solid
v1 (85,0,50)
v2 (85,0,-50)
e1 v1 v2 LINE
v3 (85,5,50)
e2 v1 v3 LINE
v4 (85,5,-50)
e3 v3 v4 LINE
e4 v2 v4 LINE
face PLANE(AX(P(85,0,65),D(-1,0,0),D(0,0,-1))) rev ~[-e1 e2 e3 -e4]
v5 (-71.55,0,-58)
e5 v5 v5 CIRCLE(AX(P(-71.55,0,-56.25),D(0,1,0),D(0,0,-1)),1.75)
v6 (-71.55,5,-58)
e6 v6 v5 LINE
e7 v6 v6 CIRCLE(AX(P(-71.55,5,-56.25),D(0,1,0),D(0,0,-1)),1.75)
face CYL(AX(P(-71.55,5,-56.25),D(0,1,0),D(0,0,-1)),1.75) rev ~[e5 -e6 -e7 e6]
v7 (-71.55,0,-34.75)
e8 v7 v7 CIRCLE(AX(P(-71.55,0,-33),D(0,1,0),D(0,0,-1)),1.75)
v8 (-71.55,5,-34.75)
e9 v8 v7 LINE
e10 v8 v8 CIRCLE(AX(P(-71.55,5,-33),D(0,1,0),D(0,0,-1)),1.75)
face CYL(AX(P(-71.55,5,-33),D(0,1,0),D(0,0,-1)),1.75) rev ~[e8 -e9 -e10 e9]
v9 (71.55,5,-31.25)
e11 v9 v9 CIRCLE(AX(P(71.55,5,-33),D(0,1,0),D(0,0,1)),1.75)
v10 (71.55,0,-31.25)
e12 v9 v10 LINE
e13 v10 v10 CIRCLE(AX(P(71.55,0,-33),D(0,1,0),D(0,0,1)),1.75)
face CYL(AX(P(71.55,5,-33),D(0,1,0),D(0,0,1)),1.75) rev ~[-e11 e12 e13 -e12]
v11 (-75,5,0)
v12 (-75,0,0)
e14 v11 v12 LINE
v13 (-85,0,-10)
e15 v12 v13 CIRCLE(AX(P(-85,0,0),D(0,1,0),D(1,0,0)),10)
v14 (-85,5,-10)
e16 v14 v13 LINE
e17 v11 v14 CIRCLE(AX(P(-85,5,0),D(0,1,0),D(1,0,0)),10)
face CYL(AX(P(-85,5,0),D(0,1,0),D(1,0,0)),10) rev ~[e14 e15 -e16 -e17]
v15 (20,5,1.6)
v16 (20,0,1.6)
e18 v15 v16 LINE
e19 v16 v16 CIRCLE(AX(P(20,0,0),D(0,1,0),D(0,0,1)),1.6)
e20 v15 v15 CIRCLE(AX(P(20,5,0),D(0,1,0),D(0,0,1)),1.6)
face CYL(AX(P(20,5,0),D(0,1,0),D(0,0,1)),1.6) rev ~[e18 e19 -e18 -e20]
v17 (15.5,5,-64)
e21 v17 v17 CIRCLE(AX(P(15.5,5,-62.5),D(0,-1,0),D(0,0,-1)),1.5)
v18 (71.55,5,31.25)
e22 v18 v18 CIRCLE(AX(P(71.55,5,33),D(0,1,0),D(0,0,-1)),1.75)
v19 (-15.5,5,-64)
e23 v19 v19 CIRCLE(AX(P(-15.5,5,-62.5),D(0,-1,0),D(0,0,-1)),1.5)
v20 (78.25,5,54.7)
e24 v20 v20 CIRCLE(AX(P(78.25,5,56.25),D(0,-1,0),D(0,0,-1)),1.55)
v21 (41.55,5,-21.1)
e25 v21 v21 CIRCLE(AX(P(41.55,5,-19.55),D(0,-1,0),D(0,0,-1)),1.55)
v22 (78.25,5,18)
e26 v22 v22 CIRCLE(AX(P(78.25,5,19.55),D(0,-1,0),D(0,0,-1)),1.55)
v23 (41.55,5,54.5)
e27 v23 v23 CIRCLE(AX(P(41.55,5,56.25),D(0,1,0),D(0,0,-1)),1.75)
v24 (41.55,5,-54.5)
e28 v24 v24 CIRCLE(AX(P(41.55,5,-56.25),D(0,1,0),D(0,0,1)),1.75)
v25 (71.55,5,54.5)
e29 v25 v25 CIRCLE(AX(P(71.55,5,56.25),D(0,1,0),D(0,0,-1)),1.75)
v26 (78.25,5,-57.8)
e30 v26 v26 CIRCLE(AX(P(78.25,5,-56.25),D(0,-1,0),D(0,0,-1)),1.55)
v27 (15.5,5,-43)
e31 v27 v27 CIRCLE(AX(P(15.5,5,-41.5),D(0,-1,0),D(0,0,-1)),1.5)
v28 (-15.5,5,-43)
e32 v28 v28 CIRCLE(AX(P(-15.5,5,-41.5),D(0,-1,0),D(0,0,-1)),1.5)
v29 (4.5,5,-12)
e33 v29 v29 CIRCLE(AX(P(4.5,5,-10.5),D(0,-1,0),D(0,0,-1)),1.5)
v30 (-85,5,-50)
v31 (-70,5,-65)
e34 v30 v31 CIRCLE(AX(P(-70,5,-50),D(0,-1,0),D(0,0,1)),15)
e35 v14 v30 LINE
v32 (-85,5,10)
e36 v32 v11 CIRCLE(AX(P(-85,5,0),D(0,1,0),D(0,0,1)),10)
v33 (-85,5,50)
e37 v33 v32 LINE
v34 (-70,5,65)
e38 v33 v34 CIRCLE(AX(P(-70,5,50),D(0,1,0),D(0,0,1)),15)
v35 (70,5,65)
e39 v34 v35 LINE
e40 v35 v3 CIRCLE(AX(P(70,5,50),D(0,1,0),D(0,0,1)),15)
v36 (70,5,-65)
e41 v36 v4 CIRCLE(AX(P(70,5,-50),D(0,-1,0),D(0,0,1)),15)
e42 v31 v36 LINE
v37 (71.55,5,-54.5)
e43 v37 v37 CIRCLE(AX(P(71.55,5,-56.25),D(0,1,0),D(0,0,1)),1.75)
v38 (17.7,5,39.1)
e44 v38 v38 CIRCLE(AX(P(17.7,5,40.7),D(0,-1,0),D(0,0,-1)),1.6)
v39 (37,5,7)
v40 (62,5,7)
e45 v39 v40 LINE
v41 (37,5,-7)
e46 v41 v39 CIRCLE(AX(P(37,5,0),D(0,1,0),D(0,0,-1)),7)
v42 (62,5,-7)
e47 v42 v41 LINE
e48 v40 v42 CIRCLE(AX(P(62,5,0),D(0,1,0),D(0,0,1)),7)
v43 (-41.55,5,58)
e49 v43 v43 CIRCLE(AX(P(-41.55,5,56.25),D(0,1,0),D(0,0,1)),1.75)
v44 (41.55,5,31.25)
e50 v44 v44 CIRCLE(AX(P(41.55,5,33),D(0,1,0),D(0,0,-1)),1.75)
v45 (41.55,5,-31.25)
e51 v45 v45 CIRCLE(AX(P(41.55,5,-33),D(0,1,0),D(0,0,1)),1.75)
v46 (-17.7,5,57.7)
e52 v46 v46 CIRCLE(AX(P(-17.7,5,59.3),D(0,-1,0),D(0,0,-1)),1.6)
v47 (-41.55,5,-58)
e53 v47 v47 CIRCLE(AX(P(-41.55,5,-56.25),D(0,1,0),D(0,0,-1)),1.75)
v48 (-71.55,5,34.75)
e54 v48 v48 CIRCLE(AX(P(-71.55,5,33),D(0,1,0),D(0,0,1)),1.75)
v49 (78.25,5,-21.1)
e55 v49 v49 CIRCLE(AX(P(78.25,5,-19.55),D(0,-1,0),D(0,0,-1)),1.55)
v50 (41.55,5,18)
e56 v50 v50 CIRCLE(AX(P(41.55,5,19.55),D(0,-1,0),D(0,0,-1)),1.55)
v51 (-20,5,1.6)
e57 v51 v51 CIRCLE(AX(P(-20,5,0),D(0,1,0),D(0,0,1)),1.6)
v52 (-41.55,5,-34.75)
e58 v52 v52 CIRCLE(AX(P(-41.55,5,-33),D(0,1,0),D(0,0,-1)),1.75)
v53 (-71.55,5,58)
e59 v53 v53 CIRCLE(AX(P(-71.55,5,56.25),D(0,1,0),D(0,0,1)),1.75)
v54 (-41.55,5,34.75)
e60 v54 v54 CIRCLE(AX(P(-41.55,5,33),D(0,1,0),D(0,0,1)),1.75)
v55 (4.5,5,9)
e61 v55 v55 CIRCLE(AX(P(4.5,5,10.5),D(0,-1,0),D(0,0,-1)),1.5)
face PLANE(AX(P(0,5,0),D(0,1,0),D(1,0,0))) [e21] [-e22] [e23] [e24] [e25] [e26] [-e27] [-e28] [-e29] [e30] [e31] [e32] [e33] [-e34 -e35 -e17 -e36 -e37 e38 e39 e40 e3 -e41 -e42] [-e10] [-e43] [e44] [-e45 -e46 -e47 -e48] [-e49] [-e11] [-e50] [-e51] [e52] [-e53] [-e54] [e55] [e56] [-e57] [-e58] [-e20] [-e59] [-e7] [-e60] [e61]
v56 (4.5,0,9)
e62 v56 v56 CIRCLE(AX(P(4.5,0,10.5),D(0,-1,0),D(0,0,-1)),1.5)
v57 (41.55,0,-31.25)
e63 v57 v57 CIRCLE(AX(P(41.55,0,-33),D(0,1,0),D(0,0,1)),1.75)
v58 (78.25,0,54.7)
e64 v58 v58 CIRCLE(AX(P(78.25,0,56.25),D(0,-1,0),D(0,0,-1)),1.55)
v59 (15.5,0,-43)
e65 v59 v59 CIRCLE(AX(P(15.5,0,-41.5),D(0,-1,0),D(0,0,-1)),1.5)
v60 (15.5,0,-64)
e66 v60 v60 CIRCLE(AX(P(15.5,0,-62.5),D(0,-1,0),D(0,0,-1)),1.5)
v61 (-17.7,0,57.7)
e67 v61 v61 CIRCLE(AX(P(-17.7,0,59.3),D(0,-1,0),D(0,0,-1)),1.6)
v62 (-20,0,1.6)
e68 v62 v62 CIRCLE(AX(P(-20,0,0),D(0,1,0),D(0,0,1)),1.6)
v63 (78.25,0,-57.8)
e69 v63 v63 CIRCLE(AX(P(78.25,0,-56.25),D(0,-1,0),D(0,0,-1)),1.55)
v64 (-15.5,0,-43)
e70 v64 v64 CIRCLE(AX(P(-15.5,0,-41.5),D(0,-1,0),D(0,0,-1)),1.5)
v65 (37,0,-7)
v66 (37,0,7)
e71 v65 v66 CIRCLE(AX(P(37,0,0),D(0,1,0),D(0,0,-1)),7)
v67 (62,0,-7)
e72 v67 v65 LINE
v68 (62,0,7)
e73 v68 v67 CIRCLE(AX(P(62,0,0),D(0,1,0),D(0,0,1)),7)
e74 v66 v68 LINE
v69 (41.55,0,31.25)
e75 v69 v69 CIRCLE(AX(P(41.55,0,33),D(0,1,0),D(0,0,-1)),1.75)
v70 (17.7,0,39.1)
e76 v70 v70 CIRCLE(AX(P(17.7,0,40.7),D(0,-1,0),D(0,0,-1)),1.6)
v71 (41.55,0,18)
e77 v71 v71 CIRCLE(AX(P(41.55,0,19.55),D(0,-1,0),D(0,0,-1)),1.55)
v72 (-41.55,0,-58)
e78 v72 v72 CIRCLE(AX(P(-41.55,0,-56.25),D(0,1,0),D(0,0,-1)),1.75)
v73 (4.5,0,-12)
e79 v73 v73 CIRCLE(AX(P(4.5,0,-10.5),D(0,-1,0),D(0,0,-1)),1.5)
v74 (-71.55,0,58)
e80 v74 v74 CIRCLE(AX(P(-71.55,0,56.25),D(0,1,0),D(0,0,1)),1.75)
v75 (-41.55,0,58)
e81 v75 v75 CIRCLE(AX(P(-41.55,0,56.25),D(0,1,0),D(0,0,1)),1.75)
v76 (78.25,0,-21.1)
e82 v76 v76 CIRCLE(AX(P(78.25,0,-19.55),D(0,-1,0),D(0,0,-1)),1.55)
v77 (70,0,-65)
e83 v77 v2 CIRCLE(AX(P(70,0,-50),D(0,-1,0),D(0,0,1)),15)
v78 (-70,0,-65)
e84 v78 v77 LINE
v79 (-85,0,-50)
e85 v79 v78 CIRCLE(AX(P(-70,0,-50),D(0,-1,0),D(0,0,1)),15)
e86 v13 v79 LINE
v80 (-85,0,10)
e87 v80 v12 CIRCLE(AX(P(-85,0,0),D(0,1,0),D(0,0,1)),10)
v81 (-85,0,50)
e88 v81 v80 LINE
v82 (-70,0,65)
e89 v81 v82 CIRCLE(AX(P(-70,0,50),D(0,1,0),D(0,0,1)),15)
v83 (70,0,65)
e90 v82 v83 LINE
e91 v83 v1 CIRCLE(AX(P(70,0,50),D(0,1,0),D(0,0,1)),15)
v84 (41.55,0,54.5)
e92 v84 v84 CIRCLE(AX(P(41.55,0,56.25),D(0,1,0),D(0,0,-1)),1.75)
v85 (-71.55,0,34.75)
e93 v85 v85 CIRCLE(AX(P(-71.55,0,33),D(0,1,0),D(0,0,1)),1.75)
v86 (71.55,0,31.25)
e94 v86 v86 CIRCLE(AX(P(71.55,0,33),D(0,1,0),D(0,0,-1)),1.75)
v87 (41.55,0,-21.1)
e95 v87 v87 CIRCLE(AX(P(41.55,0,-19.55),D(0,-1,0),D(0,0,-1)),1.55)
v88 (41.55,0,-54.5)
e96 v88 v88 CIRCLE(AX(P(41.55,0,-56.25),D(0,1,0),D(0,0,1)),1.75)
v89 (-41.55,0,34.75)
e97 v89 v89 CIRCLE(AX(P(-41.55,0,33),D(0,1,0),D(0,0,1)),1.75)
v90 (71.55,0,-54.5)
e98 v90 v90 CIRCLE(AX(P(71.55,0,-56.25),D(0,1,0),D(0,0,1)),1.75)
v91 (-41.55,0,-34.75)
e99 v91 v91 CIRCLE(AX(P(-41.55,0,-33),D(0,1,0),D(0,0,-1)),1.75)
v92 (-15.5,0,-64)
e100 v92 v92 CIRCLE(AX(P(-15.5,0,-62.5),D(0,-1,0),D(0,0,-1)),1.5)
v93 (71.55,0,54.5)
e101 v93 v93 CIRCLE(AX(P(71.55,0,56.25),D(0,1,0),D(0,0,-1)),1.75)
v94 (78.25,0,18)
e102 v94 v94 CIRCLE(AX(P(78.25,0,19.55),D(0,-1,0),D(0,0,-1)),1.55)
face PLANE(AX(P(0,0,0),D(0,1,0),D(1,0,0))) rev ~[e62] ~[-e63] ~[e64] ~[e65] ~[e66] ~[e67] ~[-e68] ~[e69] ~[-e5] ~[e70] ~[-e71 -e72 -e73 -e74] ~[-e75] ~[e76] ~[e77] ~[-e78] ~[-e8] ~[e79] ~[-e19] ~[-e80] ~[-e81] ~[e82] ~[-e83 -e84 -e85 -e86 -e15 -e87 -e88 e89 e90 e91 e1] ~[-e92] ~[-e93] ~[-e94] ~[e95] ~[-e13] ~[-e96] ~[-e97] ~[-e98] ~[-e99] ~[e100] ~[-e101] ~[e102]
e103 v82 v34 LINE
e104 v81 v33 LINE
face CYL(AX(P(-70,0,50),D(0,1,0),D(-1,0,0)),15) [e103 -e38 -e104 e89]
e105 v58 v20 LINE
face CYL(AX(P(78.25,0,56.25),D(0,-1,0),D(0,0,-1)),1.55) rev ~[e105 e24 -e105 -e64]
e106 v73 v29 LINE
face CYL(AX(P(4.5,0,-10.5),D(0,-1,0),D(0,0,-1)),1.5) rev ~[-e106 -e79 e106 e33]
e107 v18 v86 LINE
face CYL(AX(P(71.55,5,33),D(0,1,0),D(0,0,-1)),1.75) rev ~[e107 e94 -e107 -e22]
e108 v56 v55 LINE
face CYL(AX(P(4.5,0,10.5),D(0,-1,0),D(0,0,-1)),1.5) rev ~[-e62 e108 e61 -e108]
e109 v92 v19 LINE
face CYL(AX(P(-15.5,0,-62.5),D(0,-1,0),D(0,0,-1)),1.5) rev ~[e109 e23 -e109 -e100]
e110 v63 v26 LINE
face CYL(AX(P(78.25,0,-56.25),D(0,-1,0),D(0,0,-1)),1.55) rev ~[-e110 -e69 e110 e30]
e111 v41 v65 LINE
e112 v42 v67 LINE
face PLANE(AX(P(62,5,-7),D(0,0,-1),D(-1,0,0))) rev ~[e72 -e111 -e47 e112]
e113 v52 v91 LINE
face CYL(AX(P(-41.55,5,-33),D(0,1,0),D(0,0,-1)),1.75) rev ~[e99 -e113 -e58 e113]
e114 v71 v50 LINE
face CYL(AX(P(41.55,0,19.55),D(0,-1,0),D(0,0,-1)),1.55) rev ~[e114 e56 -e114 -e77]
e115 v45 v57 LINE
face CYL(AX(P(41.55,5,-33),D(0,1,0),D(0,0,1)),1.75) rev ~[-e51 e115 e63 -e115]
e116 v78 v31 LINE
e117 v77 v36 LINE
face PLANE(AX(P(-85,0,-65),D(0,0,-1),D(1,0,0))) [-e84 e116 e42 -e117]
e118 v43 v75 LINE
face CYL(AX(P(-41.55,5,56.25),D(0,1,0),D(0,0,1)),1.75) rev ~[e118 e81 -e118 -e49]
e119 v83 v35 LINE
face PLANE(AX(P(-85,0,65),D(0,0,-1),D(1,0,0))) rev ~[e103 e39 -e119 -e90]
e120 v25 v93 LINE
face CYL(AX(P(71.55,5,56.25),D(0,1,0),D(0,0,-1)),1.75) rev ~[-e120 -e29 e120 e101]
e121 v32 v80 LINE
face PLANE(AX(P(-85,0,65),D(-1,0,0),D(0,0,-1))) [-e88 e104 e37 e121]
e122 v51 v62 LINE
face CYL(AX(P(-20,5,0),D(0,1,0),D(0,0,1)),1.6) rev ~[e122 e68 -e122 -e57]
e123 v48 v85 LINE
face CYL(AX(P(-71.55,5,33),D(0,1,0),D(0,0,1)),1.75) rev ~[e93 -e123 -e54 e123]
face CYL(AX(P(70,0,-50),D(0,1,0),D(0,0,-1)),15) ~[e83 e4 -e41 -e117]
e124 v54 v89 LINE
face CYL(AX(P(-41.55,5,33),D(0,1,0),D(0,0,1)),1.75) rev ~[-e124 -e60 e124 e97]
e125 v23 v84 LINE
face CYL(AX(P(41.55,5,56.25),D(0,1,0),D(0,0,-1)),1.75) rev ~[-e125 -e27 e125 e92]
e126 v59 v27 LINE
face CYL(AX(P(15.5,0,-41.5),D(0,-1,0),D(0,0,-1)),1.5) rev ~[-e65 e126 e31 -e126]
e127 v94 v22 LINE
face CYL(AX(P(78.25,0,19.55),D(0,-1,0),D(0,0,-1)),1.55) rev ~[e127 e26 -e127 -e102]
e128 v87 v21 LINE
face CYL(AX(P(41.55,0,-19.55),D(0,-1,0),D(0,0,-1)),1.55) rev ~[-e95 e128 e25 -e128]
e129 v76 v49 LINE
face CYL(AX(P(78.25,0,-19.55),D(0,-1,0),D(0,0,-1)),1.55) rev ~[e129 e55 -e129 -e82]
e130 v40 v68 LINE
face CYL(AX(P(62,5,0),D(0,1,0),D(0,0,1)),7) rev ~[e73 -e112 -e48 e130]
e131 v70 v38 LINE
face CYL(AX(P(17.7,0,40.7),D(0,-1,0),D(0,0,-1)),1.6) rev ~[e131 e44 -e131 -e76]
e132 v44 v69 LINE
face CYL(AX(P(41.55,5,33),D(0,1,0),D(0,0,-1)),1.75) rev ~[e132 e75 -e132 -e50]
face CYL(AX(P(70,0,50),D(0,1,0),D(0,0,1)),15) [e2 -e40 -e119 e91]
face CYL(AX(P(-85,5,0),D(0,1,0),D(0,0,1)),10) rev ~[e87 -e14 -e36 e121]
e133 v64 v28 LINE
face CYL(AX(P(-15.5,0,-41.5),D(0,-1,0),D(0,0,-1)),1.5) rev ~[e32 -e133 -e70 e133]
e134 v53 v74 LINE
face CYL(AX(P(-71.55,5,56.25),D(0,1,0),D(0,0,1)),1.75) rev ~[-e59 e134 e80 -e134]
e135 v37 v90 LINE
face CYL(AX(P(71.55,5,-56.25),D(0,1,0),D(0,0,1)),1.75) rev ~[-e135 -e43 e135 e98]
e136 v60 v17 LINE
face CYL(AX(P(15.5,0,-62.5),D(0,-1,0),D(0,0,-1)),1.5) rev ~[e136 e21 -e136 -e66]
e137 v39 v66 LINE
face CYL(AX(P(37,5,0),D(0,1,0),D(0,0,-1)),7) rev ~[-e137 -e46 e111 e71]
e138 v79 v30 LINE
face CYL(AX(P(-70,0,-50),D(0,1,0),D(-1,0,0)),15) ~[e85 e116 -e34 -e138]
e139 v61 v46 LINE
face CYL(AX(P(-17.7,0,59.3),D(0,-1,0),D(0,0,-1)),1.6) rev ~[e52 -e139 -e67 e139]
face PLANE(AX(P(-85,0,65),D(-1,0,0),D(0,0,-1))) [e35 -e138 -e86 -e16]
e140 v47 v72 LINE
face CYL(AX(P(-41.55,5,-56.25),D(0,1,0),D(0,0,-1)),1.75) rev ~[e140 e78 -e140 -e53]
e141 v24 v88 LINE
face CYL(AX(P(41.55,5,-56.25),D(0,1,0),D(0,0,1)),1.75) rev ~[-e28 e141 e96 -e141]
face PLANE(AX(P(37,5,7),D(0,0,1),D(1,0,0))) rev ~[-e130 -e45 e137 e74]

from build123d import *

# Parameters (mm, degrees)
SKETCH1_W           = 170
SKETCH1_H           = 130
BOSS_EXTRUDE1_DEPTH = 5
SKETCH3_R           = 1.75
CUT_EXTRUDE1_DEPTH  = 108.121426428
SKETCH4_R           = 1.55
SKETCH4_R_2         = 1.6
SKETCH4_R_3         = 1.5
CUT_EXTRUDE2_DEPTH  = 108.121426428
CUT_EXTRUDE3_DEPTH  = 108.121426428
CUT_EXTRUDE4_DEPTH  = 108.121426428
FILLET1_R           = 15
SKETCH7_R           = 1.6
CUT_EXTRUDE5_DEPTH  = 10


with BuildPart() as part:
    # Sketch1 → Boss-Extrude1 (new body)
    with BuildSketch(Plane(origin=(0, 0, 0), x_dir=(1, 0, 0), z_dir=(0, 1, 0))):
        Rectangle(SKETCH1_W, SKETCH1_H)
    extrude(amount=BOSS_EXTRUDE1_DEPTH)

    # Sketch3 → Cut-Extrude1 (cut, through all)
    with BuildSketch(Plane(origin=(0, 5, 0), x_dir=(1, 0, 0), z_dir=(0, 1, 0))):
        with Locations((41.55, 56.25)):
            Circle(SKETCH3_R)
        with Locations((71.55, 56.25)):
            Circle(SKETCH3_R)
        with Locations((71.55, 33)):
            Circle(SKETCH3_R)
        with Locations((41.55, 33)):
            Circle(SKETCH3_R)
        with Locations((41.55, -33)):
            Circle(SKETCH3_R)
        with Locations((71.55, -33)):
            Circle(SKETCH3_R)
        with Locations((71.55, -56.25)):
            Circle(SKETCH3_R)
        with Locations((41.55, -56.25)):
            Circle(SKETCH3_R)
        with Locations((-41.55, -56.25)):
            Circle(SKETCH3_R)
        with Locations((-71.55, -56.25)):
            Circle(SKETCH3_R)
        with Locations((-71.55, -33)):
            Circle(SKETCH3_R)
        with Locations((-41.55, -33)):
            Circle(SKETCH3_R)
        with Locations((-41.55, 33)):
            Circle(SKETCH3_R)
        with Locations((-71.55, 33)):
            Circle(SKETCH3_R)
        with Locations((-71.55, 56.25)):
            Circle(SKETCH3_R)
        with Locations((-41.55, 56.25)):
            Circle(SKETCH3_R)
    extrude(amount=-CUT_EXTRUDE1_DEPTH, mode=Mode.SUBTRACT)

    # Sketch4 → Cut-Extrude2 (cut, through all)
    with BuildSketch(Plane.XZ):
        with Locations((78.25, -19.55)):
            Circle(SKETCH4_R)
        with Locations((41.55, -19.55)):
            Circle(SKETCH4_R)
        with Locations((78.25, -56.25)):
            Circle(SKETCH4_R)
        with Locations((78.25, 56.25)):
            Circle(SKETCH4_R)
        with Locations((78.25, 19.55)):
            Circle(SKETCH4_R)
        with Locations((41.55, 19.55)):
            Circle(SKETCH4_R)
        with Locations((-17.7, 59.3)):
            Circle(SKETCH4_R_2)
        with Locations((17.7, 40.7)):
            Circle(SKETCH4_R_2)
        with Locations((4.5, 10.5)):
            Circle(SKETCH4_R_3)
        with Locations((4.5, -10.5)):
            Circle(SKETCH4_R_3)
        with Locations((15.5, -41.5)):
            Circle(SKETCH4_R_3)
        with Locations((15.5, -62.5)):
            Circle(SKETCH4_R_3)
        with Locations((-15.5, -41.5)):
            Circle(SKETCH4_R_3)
        with Locations((-15.5, -62.5)):
            Circle(SKETCH4_R_3)
    extrude(amount=-CUT_EXTRUDE2_DEPTH, mode=Mode.SUBTRACT)

    # Sketch5 → Cut-Extrude3 (cut, through all)
    with BuildSketch(Plane(origin=(0, 5, 0), x_dir=(1, 0, 0), z_dir=(0, 1, 0))):
        with BuildLine():
            Line((62, 7), (37, 7))
            ThreePointArc((37, 7), (30, 0), (37, -7))
            Line((37, -7), (62, -7))
            ThreePointArc((62, -7), (69, 0), (62, 7))
        make_face()
    extrude(amount=-CUT_EXTRUDE3_DEPTH, mode=Mode.SUBTRACT)

    # Sketch6 → Cut-Extrude4 (cut, through all)
    with BuildSketch(Plane(origin=(0, 5, 0), x_dir=(1, 0, 0), z_dir=(0, 1, 0))):
        with BuildLine():
            ThreePointArc((-75, 0), (-77.928932188, 7.071067812), (-85, 10))
            Line((-85, 10), (-85, -10))
            ThreePointArc((-85, -10), (-77.928932188, -7.071067812), (-75, 0))
        make_face()
    extrude(amount=-CUT_EXTRUDE4_DEPTH, mode=Mode.SUBTRACT)

    # Fillet1
    fillet1_edges = [part.edges().sort_by_distance(p)[0] for p in [
        (85, 2.5, -65),
        (85, 2.5, 65),
        (-85, 2.5, 65),
        (-85, 2.5, -65),
    ]]
    fillet(fillet1_edges, radius=FILLET1_R)

    # Sketch7 → Cut-Extrude5 (cut)
    with BuildSketch(Plane(origin=(0, 5, 0), x_dir=(1, 0, 0), z_dir=(0, 1, 0))):
        with Locations((20, 0)):
            Circle(SKETCH7_R)
        with Locations((-20, 0)):
            Circle(SKETCH7_R)
    extrude(amount=-CUT_EXTRUDE5_DEPTH, mode=Mode.SUBTRACT)


solid = part.part
